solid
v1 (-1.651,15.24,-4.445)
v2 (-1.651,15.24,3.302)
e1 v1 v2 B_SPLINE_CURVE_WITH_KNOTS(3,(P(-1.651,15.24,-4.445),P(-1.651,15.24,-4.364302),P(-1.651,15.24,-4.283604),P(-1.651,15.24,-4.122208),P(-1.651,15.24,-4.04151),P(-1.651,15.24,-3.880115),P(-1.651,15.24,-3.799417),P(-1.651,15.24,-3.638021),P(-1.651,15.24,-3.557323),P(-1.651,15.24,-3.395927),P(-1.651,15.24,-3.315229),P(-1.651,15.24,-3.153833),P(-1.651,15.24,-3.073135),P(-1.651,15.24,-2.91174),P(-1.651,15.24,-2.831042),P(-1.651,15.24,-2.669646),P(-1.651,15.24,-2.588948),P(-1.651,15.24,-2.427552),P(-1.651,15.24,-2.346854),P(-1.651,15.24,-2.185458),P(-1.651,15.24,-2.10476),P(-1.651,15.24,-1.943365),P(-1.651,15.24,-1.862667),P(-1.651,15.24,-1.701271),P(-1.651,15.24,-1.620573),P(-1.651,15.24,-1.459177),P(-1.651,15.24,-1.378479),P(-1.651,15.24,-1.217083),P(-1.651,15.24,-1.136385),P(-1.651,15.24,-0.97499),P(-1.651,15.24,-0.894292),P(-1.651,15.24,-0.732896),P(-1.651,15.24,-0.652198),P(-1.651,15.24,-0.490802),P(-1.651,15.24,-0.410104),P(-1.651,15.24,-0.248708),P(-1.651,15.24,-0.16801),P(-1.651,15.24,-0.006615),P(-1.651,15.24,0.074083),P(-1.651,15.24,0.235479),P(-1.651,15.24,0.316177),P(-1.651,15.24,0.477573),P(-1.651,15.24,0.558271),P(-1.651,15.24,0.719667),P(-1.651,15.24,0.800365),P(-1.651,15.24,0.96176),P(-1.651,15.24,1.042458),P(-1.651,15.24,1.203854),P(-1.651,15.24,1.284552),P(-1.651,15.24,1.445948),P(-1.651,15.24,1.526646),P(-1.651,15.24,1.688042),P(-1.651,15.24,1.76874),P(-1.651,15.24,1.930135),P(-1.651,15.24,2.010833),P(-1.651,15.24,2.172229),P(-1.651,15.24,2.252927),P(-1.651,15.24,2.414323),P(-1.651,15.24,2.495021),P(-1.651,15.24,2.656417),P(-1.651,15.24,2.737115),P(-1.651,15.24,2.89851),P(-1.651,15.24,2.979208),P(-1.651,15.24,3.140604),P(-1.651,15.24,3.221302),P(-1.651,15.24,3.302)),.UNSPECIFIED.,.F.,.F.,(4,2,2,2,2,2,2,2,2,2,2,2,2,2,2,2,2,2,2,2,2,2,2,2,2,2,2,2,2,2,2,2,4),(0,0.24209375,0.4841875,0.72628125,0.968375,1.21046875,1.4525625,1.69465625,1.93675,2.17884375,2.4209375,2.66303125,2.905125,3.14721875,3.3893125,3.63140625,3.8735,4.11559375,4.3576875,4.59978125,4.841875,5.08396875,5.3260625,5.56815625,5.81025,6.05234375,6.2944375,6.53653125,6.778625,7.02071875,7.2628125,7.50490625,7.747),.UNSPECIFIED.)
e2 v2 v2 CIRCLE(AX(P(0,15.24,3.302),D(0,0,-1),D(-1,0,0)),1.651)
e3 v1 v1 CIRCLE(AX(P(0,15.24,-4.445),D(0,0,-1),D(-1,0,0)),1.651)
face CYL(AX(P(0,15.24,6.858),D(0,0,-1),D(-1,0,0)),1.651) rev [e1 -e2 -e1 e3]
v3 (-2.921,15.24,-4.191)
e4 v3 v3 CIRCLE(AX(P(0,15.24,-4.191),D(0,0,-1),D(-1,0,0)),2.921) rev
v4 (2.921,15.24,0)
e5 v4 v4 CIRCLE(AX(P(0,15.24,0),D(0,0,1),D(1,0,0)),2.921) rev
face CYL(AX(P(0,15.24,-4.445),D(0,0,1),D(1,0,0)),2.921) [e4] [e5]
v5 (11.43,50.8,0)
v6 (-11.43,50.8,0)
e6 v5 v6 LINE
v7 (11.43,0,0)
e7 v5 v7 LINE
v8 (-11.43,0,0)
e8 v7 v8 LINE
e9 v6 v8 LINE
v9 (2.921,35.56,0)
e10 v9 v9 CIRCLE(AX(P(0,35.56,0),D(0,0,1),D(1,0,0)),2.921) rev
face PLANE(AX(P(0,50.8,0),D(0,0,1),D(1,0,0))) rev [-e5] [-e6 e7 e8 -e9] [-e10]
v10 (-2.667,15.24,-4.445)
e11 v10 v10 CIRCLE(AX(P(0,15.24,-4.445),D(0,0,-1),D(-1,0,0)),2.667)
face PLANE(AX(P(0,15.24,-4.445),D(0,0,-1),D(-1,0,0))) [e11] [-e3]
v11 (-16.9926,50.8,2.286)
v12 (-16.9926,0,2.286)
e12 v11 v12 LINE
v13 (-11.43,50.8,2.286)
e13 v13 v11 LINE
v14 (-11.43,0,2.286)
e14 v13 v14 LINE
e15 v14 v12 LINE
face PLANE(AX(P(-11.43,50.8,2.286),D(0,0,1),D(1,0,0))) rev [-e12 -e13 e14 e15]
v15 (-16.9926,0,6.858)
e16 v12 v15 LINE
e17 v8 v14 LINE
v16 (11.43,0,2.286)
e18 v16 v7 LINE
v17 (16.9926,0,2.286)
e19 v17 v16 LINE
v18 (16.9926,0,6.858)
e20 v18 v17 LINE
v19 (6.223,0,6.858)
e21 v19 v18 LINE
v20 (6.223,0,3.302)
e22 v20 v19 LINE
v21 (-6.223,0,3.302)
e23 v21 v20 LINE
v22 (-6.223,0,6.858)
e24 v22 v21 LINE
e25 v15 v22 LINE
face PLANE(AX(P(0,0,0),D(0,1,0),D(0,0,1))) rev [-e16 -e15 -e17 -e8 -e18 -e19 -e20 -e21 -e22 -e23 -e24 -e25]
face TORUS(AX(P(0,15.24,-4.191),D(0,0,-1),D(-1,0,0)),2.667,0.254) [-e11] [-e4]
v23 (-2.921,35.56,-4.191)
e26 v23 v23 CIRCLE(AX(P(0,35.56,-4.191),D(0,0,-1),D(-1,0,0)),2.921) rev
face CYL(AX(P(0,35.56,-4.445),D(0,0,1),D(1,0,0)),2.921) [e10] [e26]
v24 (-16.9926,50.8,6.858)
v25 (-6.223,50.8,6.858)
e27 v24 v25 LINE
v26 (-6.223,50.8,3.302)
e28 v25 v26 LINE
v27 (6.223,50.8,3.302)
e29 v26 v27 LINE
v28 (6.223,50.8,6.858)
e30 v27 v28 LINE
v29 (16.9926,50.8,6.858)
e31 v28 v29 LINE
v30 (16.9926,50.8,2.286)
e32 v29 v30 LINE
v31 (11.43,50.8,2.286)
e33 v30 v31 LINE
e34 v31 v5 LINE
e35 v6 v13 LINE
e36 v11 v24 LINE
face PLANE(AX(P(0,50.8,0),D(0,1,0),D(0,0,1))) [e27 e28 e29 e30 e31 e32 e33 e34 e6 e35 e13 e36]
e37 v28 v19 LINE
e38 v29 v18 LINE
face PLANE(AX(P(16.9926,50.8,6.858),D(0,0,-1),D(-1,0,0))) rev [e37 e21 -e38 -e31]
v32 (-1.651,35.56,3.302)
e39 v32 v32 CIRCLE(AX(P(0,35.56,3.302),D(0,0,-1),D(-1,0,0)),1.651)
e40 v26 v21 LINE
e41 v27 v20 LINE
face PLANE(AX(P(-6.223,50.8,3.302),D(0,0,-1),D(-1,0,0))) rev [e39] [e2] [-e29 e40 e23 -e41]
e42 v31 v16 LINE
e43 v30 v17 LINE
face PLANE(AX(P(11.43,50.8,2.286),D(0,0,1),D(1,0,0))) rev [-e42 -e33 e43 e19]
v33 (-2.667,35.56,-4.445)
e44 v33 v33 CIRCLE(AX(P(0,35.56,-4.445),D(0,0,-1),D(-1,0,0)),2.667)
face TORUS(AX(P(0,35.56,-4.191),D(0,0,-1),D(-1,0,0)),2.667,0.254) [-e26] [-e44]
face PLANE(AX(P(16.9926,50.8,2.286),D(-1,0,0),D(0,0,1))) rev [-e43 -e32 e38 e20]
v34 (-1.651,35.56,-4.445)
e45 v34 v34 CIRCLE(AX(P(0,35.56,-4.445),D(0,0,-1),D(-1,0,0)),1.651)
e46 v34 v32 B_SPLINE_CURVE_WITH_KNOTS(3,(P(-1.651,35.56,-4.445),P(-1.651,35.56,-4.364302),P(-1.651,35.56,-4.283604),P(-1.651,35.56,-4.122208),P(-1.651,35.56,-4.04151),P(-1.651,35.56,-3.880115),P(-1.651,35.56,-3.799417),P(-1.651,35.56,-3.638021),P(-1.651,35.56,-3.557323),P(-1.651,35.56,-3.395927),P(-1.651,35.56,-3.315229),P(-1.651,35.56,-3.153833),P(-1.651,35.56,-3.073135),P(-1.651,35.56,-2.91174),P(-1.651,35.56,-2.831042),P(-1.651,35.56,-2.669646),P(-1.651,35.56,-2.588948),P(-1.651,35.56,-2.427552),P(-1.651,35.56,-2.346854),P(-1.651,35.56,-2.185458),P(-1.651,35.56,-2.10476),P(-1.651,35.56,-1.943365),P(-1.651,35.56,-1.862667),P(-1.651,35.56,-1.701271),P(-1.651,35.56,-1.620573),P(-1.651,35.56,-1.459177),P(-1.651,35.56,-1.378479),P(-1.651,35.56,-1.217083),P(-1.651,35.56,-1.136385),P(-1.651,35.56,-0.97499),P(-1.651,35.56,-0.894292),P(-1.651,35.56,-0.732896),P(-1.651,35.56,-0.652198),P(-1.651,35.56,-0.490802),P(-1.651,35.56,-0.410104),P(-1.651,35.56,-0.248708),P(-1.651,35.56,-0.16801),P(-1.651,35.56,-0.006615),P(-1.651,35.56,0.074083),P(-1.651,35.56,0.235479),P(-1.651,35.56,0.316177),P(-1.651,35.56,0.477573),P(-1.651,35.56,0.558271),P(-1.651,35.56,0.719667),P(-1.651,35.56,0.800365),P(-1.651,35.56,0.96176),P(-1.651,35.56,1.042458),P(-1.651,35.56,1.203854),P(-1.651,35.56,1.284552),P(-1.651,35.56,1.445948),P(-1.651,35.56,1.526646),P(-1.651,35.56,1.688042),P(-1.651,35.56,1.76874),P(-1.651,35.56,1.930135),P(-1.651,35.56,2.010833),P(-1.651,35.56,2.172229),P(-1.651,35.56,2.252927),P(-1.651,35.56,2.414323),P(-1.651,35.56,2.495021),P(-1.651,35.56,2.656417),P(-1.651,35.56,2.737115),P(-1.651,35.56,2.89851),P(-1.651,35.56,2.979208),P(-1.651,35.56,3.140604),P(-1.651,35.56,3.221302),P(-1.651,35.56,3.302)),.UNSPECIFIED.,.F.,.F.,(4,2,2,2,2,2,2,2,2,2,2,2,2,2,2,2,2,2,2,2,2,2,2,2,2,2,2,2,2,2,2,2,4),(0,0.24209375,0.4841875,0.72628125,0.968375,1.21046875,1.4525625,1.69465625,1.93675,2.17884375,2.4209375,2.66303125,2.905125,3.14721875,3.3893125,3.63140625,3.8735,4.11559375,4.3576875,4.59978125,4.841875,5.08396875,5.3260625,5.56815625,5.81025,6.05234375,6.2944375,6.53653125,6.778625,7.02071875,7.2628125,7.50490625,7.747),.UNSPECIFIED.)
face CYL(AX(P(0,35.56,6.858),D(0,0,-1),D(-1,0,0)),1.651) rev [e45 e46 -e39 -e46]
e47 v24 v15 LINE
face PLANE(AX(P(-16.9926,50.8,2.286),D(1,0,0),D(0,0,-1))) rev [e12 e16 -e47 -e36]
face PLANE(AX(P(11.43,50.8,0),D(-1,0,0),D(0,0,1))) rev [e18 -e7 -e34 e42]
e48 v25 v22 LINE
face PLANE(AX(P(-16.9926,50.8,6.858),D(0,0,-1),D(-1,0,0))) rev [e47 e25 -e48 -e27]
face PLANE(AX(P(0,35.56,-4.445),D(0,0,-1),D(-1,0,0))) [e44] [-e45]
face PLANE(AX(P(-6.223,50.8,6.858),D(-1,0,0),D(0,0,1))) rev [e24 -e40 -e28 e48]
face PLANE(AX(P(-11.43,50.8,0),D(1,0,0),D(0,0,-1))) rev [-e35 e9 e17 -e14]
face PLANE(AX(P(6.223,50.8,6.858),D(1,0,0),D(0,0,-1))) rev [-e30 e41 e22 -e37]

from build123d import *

# Parameters (mm, degrees)
BOSS_EXTRUDE1_DEPTH = 50.8
SKETCH2_R           = 2.921
BOSS_EXTRUDE2_DEPTH = 4.445
FILLET1_R           = 0.254
SKETCH3_R           = 1.651
CUT_EXTRUDE1_DEPTH  = 55.746198624
SKETCH4_R           = 2.921
BOSS_EXTRUDE3_DEPTH = 4.445
FILLET2_R           = 0.254
SKETCH5_R           = 1.651
CUT_EXTRUDE2_DEPTH  = 55.746198624


with BuildPart() as part:
    # Sketch1 → Boss-Extrude1 (new body)
    with BuildSketch(Plane(origin=(0, 0, 0), x_dir=(1, 0, 0), z_dir=(0, 1, 0))):
        Polygon((0, 0), (11.43, 0), (11.43, -2.286), (16.9926, -2.286), (16.9926, -6.858), (6.223, -6.858), (6.223, -3.302), (-6.223, -3.302), (-6.223, -6.858), (-16.9926, -6.858), (-16.9926, -2.286), (-11.43, -2.286), (-11.43, 0), align=None)
    extrude(amount=BOSS_EXTRUDE1_DEPTH)

    # Sketch2 → Boss-Extrude2 (add)
    with BuildSketch(Plane(origin=(0, 0, 0), x_dir=(-1, 0, 0), z_dir=(0, 0, -1))):
        with Locations(Location((0, 15.24, 0), (0, 0, 180))):
            Circle(SKETCH2_R)
    extrude(amount=BOSS_EXTRUDE2_DEPTH)

    # Fillet1
    fillet1_edges = [part.edges().sort_by_distance(p)[0] for p in [
        (-2.921, 15.24, -4.445),
    ]]
    fillet(fillet1_edges, radius=FILLET1_R)

    # Sketch3 → Cut-Extrude1 (cut, through all)
    with BuildSketch(Plane(origin=(0, 0, -4.445), x_dir=(-1, 0, 0), z_dir=(0, 0, -1))):
        with Locations((0, 15.24)):
            Circle(SKETCH3_R)
    extrude(amount=-CUT_EXTRUDE1_DEPTH, mode=Mode.SUBTRACT)

    # Sketch4 → Boss-Extrude3 (add)
    with BuildSketch(Plane(origin=(0, 0, 0), x_dir=(-1, 0, 0), z_dir=(0, 0, -1))):
        with Locations(Location((0, 35.56, 0), (0, 0, 180))):
            Circle(SKETCH4_R)
    extrude(amount=BOSS_EXTRUDE3_DEPTH)

    # Fillet2
    fillet2_edges = [part.edges().sort_by_distance(p)[0] for p in [
        (-2.921, 35.56, -4.445),
    ]]
    fillet(fillet2_edges, radius=FILLET2_R)

    # Sketch5 → Cut-Extrude2 (cut, through all)
    with BuildSketch(Plane(origin=(0, 0, -4.445), x_dir=(-1, 0, 0), z_dir=(0, 0, -1))):
        with Locations((0, 35.56)):
            Circle(SKETCH5_R)
    extrude(amount=-CUT_EXTRUDE2_DEPTH, mode=Mode.SUBTRACT)


solid = part.part
